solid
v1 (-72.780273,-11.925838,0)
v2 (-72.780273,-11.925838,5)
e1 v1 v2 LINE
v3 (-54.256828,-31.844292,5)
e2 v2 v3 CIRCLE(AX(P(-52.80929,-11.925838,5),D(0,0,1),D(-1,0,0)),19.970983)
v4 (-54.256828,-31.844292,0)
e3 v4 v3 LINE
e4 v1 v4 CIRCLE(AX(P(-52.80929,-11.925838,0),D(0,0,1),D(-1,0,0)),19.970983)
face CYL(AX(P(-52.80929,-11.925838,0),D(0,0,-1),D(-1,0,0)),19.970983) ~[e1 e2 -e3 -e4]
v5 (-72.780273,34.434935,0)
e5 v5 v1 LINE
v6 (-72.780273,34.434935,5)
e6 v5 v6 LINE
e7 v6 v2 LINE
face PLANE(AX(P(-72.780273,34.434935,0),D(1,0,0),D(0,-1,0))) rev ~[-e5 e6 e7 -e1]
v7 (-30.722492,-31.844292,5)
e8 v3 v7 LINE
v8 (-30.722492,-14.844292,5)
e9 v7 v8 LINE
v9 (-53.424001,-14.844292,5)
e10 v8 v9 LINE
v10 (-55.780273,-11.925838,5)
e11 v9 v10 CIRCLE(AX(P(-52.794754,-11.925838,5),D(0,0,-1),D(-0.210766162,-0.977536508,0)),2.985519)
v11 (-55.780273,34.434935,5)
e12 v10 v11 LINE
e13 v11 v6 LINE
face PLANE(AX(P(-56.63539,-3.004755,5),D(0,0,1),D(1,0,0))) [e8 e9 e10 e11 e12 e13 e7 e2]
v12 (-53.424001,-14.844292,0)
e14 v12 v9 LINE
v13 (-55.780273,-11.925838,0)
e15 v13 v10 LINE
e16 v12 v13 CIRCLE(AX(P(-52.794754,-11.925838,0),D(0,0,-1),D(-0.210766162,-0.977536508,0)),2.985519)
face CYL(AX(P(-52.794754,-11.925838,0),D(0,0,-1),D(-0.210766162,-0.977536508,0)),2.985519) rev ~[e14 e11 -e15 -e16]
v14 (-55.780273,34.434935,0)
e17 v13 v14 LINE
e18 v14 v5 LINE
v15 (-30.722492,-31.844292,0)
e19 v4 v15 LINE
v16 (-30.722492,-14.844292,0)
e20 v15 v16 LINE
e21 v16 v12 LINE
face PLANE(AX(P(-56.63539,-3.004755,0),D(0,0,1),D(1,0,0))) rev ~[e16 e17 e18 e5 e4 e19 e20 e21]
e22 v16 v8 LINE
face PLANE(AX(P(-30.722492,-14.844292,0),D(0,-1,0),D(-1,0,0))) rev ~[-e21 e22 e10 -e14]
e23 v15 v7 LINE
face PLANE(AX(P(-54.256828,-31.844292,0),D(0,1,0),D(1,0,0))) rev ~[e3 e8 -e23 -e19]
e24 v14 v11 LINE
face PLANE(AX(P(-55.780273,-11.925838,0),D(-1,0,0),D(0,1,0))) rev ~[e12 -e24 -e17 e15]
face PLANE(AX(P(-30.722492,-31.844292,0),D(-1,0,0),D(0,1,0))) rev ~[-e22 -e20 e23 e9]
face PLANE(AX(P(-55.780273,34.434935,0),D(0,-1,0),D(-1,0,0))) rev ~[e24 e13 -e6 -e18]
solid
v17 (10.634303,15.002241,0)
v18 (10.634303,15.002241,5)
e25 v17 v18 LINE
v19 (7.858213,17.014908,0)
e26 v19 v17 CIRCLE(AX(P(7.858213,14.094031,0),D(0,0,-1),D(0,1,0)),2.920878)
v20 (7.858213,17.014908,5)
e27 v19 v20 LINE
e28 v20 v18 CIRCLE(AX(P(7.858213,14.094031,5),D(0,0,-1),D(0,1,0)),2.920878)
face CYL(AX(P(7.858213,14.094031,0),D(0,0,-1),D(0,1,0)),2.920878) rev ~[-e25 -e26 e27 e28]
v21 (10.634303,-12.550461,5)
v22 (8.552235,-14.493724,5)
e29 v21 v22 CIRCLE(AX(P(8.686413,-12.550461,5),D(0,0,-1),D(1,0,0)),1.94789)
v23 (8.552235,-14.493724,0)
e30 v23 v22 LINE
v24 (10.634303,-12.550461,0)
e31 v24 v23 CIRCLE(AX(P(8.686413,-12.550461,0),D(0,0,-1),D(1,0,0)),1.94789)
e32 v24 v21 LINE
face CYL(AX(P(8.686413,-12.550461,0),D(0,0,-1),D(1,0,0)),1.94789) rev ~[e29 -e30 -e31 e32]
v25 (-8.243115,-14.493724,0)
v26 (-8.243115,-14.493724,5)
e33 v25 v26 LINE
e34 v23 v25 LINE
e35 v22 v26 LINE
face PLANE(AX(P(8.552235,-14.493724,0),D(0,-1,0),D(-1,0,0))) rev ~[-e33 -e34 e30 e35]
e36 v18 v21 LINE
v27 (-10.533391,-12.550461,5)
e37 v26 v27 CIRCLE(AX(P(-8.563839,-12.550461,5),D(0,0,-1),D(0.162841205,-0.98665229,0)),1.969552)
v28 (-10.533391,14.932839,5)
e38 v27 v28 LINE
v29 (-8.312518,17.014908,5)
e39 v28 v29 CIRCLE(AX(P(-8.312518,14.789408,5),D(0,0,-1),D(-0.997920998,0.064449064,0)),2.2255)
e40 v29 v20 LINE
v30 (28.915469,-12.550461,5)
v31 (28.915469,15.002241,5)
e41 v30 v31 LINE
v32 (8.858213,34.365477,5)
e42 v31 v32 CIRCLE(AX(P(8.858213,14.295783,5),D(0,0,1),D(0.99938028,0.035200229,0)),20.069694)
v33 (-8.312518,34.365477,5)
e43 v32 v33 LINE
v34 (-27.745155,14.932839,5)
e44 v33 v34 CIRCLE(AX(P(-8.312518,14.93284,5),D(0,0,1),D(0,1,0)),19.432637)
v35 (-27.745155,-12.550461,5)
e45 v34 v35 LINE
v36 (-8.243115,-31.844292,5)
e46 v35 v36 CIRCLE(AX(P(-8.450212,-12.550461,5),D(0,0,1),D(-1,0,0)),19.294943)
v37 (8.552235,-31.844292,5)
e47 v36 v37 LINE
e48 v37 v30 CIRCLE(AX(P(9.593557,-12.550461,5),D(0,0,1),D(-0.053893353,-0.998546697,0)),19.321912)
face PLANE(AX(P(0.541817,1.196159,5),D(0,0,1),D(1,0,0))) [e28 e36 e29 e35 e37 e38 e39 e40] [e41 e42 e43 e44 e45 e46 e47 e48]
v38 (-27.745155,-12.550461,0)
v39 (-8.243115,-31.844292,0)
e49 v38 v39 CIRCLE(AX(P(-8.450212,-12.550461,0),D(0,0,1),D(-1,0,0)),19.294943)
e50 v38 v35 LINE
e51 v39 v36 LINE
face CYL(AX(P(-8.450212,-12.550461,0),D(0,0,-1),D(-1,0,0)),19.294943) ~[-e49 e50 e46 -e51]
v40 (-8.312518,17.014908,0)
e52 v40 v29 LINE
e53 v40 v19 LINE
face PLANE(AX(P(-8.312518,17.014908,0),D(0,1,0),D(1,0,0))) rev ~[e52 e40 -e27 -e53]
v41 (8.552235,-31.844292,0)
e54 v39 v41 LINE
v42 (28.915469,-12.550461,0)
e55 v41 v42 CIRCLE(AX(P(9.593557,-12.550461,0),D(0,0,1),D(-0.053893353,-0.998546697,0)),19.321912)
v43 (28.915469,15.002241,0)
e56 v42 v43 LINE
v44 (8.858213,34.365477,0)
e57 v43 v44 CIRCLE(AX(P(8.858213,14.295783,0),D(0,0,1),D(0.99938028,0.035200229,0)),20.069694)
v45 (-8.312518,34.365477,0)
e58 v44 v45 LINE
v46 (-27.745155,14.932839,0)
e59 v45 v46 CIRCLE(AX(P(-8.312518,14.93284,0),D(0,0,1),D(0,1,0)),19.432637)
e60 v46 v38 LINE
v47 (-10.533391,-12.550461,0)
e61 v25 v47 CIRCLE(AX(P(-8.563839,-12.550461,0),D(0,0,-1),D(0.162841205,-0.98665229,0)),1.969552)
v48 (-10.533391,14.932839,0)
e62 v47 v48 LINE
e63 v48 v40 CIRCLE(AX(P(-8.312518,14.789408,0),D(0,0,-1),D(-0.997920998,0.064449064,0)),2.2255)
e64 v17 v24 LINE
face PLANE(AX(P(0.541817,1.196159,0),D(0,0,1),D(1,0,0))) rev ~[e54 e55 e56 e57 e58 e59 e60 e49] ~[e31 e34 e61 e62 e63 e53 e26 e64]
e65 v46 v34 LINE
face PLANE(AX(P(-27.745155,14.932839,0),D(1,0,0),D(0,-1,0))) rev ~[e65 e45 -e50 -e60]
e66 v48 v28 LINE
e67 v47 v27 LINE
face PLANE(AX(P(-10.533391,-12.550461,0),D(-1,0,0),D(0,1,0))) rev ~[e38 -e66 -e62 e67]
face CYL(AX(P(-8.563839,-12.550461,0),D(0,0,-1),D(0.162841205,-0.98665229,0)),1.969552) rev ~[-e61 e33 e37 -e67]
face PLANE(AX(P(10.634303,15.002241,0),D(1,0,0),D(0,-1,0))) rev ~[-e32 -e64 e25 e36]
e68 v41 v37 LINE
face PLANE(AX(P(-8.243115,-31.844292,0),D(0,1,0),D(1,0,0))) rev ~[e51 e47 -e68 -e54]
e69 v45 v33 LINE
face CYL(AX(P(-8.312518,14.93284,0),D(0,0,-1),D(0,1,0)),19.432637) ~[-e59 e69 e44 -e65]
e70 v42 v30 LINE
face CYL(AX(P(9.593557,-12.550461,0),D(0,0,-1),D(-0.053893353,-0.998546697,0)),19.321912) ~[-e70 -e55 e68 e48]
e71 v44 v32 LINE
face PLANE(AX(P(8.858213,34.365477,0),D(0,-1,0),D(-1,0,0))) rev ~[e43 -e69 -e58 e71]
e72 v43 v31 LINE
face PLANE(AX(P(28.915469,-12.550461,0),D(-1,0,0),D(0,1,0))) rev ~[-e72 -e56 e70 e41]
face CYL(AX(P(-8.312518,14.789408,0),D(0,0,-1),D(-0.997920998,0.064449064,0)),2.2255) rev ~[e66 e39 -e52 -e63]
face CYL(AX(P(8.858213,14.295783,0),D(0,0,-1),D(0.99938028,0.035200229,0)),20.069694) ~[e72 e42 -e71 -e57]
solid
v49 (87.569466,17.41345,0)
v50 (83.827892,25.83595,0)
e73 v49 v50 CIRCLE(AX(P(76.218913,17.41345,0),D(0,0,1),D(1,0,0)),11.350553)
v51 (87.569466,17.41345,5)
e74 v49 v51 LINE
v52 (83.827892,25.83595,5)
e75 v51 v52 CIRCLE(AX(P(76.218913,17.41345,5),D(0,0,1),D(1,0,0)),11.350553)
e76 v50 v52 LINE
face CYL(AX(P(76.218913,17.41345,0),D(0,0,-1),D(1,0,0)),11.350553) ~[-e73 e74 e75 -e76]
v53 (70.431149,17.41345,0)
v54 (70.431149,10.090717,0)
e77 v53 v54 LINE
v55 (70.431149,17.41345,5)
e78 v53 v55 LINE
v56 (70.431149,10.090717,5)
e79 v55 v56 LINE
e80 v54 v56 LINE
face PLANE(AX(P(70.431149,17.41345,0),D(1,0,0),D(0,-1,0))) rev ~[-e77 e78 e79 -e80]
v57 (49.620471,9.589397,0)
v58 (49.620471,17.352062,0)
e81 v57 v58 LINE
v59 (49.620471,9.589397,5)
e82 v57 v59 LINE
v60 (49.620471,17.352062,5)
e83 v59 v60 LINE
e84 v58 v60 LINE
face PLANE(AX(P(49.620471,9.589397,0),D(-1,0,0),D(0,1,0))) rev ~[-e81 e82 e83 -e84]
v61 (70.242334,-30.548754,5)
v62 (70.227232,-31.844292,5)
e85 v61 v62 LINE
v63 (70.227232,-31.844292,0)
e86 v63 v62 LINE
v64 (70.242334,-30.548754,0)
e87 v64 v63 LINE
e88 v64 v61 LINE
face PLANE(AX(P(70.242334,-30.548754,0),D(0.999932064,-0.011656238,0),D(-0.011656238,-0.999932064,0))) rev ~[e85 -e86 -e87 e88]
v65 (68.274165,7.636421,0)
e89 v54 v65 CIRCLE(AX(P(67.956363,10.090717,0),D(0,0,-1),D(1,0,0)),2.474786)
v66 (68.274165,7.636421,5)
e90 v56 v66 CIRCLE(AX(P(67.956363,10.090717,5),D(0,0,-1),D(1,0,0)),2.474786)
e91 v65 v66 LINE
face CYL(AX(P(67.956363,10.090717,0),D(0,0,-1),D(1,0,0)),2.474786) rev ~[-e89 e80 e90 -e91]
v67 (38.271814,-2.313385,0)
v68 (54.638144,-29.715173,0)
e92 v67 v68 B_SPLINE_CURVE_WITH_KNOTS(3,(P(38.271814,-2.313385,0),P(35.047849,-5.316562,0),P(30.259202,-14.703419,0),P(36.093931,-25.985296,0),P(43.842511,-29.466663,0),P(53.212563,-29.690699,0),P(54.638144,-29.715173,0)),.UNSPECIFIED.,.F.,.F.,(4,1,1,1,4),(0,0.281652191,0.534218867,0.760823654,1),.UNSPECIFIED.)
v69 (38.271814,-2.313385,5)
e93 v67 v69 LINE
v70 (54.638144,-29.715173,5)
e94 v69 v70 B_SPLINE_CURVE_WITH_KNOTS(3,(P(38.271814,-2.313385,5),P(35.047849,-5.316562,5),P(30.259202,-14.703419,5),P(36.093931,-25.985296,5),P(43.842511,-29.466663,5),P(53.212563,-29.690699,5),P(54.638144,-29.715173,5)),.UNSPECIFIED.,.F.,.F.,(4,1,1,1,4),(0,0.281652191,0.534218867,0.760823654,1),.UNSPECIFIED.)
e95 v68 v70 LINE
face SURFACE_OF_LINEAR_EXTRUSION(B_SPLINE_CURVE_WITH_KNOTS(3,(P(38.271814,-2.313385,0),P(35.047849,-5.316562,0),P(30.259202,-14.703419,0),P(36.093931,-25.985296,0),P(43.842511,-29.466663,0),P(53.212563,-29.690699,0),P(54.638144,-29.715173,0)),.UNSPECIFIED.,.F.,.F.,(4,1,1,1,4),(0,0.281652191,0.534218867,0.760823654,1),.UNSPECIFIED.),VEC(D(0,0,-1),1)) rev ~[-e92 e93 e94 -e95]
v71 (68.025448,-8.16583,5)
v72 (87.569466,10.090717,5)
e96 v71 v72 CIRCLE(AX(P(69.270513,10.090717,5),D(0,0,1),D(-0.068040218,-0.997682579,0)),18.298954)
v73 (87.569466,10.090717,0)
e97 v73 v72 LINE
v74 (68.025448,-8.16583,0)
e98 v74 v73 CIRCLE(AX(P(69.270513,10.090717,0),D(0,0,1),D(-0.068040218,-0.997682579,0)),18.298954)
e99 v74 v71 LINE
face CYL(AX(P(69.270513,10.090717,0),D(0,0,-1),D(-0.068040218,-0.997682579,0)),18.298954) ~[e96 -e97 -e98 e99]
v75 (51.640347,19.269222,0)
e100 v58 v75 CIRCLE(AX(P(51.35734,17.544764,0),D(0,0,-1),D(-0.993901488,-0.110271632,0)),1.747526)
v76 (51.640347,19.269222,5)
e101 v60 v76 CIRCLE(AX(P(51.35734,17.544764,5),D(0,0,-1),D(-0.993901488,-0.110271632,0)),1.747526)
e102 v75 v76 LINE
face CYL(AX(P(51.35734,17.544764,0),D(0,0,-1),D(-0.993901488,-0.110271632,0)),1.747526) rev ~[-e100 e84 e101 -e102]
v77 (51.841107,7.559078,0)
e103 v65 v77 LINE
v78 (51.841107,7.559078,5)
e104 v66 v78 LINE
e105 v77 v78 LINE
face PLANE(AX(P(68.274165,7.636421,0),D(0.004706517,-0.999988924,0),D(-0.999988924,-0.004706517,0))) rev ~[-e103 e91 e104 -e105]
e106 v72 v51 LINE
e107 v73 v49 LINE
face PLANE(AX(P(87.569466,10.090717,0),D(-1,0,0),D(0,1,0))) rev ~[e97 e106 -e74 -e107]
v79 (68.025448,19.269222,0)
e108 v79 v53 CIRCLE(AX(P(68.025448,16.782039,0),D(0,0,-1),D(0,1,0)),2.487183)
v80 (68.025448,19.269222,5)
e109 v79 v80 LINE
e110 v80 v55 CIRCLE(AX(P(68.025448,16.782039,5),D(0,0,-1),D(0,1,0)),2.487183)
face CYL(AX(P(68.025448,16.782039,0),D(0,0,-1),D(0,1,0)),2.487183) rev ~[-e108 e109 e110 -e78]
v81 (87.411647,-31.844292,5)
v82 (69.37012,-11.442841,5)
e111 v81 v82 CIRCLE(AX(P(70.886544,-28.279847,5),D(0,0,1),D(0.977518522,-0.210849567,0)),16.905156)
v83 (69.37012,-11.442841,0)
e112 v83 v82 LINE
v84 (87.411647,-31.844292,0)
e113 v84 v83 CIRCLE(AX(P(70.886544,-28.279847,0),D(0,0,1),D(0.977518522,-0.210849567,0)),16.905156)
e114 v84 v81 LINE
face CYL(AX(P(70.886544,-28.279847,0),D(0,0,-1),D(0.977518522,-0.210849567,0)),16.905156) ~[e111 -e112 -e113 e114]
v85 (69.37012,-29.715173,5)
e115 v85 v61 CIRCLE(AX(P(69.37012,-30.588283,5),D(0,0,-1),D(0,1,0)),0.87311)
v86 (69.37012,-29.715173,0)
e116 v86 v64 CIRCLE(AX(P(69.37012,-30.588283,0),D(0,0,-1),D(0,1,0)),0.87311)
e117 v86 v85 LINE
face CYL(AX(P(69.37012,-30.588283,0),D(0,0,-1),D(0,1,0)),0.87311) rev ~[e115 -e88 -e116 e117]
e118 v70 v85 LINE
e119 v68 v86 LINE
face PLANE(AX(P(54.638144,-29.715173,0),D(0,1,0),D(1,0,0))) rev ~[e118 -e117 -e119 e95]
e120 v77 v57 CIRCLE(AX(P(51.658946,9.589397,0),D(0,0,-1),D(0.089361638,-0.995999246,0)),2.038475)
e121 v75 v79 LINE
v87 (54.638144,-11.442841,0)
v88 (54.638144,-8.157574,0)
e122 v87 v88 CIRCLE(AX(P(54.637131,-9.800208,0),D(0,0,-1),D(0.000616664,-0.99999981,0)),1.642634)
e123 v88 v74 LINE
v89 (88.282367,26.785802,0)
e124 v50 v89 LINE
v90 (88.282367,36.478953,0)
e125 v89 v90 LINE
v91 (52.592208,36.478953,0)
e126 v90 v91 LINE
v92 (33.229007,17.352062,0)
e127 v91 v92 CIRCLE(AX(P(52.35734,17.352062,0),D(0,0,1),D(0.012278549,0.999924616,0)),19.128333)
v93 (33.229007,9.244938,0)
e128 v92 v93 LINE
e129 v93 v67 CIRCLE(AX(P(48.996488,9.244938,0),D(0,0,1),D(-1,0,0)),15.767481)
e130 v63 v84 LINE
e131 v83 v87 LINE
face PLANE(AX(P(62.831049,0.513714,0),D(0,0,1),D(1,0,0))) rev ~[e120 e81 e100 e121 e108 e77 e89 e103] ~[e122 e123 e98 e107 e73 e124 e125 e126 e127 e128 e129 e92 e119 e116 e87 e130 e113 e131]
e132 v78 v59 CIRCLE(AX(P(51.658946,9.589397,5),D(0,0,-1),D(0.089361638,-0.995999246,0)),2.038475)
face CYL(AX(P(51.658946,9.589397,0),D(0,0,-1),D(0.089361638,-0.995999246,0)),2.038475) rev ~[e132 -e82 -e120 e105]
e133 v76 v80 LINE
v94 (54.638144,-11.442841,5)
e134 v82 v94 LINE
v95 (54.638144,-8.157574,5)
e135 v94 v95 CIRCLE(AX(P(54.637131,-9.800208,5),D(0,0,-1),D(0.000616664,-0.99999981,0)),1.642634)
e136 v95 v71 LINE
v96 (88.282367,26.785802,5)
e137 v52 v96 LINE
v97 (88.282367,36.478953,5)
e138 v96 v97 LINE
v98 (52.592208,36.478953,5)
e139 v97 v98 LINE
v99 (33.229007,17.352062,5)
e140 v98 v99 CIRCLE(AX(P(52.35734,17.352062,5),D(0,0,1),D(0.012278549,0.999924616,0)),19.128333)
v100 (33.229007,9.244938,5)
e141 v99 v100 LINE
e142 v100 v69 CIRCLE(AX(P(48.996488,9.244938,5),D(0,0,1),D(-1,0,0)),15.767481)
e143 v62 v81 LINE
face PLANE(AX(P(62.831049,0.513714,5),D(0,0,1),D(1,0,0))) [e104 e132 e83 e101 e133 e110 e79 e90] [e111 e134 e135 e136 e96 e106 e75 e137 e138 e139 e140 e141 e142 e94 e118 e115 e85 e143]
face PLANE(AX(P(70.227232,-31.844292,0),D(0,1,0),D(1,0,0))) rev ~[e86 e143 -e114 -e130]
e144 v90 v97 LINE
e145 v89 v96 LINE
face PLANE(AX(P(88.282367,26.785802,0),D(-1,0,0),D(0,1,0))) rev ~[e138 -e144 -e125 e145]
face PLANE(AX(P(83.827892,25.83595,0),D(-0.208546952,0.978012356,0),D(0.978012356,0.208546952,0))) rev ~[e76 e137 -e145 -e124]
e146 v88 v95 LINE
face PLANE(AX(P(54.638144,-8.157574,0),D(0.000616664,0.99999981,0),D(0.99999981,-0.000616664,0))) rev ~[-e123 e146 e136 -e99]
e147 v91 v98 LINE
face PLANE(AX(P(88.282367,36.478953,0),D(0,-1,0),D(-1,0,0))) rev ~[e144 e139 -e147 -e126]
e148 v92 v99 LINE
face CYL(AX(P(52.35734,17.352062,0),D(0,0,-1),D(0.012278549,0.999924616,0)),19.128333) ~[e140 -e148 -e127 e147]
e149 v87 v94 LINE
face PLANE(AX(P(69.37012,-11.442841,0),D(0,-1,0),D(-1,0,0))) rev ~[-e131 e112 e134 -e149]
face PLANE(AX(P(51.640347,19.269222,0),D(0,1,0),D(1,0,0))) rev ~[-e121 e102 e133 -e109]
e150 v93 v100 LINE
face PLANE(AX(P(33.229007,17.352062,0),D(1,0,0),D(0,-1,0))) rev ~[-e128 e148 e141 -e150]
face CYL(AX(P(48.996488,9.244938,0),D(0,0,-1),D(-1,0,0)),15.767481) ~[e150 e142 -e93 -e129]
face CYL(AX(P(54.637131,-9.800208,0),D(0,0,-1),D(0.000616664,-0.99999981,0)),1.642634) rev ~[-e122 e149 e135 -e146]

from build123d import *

# Parameters (mm, degrees)
F1_DEPTH = 5


with BuildPart() as f1:
    # F0 (on Top) → F1 (new body)
    with BuildSketch(Plane.XY):
        with BuildLine():
            Line((69.0254477669, 36.478952693), (52.5922080591, 36.478952693))
            ThreePointArc((52.5922080591, 36.478952693), (38.9148610046, 30.9606208127), (33.2290071434, 17.3520619228))
            Line((33.2290071434, 17.3520619228), (33.2290071434, 9.2449376035))
            ThreePointArc((33.2290071434, 9.2449376035), (34.5445928815, 2.939687304), (38.2718139765, -2.3133851381))
            add(Edge.make_bspline(
                [(38.2718139765, -2.3133851381), (35.0478488895, -5.3165623155), (30.2592020644, -14.7034185415), (36.0939314958, -25.985295981), (43.8425110573, -29.4666625115), (53.2125632474, -29.6906994828), (54.6381439599, -29.7151729536)],
                knots=[0, 0, 0, 0, 0.2816521908, 0.5342188674, 0.7608236544, 1, 1, 1, 1], degree=3))
            Line((54.6381439599, -29.7151729536), (69.3701195319, -29.7151729536))
            ThreePointArc((69.3701195319, -29.7151729536), (69.9733642707, -29.9570802107), (70.2423343717, -30.548754463))
            Line((70.2423343717, -30.548754463), (70.2272322525, -31.8442919593))
            Line((70.2272322525, -31.8442919593), (87.4116472257, -31.8442919593))
            ThreePointArc((87.4116472257, -31.8442919593), (83.5502679976, -17.0809901044), (69.3701195319, -11.4428414106))
            Line((69.3701195319, -11.4428414106), (54.6381439599, -11.4428414106))
            ThreePointArc((54.6381439599, -11.4428414106), (52.9944971814, -9.8002078968), (54.6381439599, -8.157574383))
            Line((54.6381439599, -8.157574383), (68.0254477647, -8.1658298467))
            ThreePointArc((68.0254477647, -8.1658298467), (81.7618760668, -3.2815502715), (87.5694662906, 10.0907174965))
            Line((87.5694662906, 10.0907174965), (87.5694662906, 17.4134502913))
            ThreePointArc((87.5694662906, 17.4134502913), (86.5919834102, 22.0215377909), (83.8278918088, 25.8359500398))
            Line((83.8278918088, 25.8359500398), (88.2823672034, 26.7858023203))
            Line((88.2823672034, 26.7858023203), (88.2823672034, 36.478952693))
            Line((88.2823672034, 36.478952693), (69.0254477669, 36.478952693))
        make_face()
        with BuildLine():
            ThreePointArc((49.6204711441, 17.3520619228), (50.1543003184, 18.8122592839), (51.6403470435, 19.2692221399))
            Line((51.6403470435, 19.2692221399), (68.0254477647, 19.2692221399))
            ThreePointArc((68.0254477647, 19.2692221399), (69.5445994795, 18.751368254), (70.4311490297, 17.4134502913))
            Line((70.4311490297, 17.4134502913), (70.4311490297, 10.0907174965))
            ThreePointArc((70.4311490297, 10.0907174965), (69.8152683538, 8.4569986346), (68.2741651015, 7.6364213425))
            Line((68.2741651015, 7.6364213425), (51.8411074036, 7.559078022))
            ThreePointArc((51.8411074036, 7.559078022), (50.2834373163, 8.0849521369), (49.6204711441, 9.5893973968))
            Line((49.6204711441, 9.5893973968), (49.6204711441, 17.3520619228))
        make_face(mode=Mode.SUBTRACT)
    extrude(amount=F1_DEPTH)


with BuildPart() as f1b:
    # F0 (on Top) → F1, piece 2 (new body)
    with BuildSketch(Plane.XY):
        with BuildLine():
            Line((8.8582125176, 34.3654769861), (-8.3125179988, 34.3654769861))
            ThreePointArc((-8.3125179988, 34.3654769861), (-22.0534674563, 28.6737891725), (-27.7451546266, 14.9328394486))
            Line((-27.7451546266, 14.9328394486), (-27.7451546266, -12.5504608341))
            ThreePointArc((-27.7451546266, -12.5504608341), (-22.0203793172, -26.2670700833), (-8.2431147925, -31.8442919593))
            Line((-8.2431147925, -31.8442919593), (8.5522345715, -31.8442919593))
            ThreePointArc((8.5522345715, -31.8442919593), (22.8829501137, -26.5764477151), (28.9154689034, -12.5504608341))
            Line((28.9154689034, -12.5504608341), (28.9154689034, 15.0022408353))
            ThreePointArc((28.9154689034, 15.0022408353), (22.797621113, 28.7348101355), (8.8582125176, 34.3654769861))
        make_face()
        with BuildLine():
            ThreePointArc((-10.533391484, 14.9328394486), (-9.8346291897, 16.4129933063), (-8.3125179988, 17.014908341))
            Line((-8.3125179988, 17.014908341), (7.858212517, 17.014908341))
            ThreePointArc((7.858212517, 17.014908341), (9.5726739072, 16.4588030878), (10.6343034638, 15.0022408353))
            Line((10.6343034638, 15.0022408353), (10.6343034638, -12.5504608341))
            ThreePointArc((10.6343034638, -12.5504608341), (10.0154939421, -13.9744765885), (8.5522345714, -14.4937242239))
            Line((8.5522345714, -14.4937242239), (-8.2431147927, -14.4937242239))
            ThreePointArc((-8.2431147927, -14.4937242239), (-9.8380944274, -14.0522630785), (-10.533391484, -12.5504608341))
            Line((-10.533391484, -12.5504608341), (-10.533391484, 14.9328394486))
        make_face(mode=Mode.SUBTRACT)
    extrude(amount=F1_DEPTH)


with BuildPart() as f1c:
    # F0 (on Top) → F1, piece 3 (new body)
    with BuildSketch(Plane.XY):
        with BuildLine():
            Line((-55.7802731142, 34.4349348745), (-72.7802731142, 34.4349348745))
            Line((-72.7802731142, 34.4349348745), (-72.7802731142, -11.925838347))
            ThreePointArc((-72.7802731142, -11.925838347), (-67.4337374671, -25.5260479515), (-54.2568282176, -31.8442919593))
            Line((-54.2568282176, -31.8442919593), (-30.7224924042, -31.8442919593))
            Line((-30.7224924042, -31.8442919593), (-30.7224924042, -14.8442919593))
            Line((-30.7224924042, -14.8442919593), (-53.4240006607, -14.8442919593))
            ThreePointArc((-53.4240006607, -14.8442919593), (-55.1176780429, -13.8012977149), (-55.7802731142, -11.925838347))
            Line((-55.7802731142, -11.925838347), (-55.7802731142, 34.4349348745))
        make_face()
    extrude(amount=F1_DEPTH)


solid = Compound([f1.part, f1b.part, f1c.part])
